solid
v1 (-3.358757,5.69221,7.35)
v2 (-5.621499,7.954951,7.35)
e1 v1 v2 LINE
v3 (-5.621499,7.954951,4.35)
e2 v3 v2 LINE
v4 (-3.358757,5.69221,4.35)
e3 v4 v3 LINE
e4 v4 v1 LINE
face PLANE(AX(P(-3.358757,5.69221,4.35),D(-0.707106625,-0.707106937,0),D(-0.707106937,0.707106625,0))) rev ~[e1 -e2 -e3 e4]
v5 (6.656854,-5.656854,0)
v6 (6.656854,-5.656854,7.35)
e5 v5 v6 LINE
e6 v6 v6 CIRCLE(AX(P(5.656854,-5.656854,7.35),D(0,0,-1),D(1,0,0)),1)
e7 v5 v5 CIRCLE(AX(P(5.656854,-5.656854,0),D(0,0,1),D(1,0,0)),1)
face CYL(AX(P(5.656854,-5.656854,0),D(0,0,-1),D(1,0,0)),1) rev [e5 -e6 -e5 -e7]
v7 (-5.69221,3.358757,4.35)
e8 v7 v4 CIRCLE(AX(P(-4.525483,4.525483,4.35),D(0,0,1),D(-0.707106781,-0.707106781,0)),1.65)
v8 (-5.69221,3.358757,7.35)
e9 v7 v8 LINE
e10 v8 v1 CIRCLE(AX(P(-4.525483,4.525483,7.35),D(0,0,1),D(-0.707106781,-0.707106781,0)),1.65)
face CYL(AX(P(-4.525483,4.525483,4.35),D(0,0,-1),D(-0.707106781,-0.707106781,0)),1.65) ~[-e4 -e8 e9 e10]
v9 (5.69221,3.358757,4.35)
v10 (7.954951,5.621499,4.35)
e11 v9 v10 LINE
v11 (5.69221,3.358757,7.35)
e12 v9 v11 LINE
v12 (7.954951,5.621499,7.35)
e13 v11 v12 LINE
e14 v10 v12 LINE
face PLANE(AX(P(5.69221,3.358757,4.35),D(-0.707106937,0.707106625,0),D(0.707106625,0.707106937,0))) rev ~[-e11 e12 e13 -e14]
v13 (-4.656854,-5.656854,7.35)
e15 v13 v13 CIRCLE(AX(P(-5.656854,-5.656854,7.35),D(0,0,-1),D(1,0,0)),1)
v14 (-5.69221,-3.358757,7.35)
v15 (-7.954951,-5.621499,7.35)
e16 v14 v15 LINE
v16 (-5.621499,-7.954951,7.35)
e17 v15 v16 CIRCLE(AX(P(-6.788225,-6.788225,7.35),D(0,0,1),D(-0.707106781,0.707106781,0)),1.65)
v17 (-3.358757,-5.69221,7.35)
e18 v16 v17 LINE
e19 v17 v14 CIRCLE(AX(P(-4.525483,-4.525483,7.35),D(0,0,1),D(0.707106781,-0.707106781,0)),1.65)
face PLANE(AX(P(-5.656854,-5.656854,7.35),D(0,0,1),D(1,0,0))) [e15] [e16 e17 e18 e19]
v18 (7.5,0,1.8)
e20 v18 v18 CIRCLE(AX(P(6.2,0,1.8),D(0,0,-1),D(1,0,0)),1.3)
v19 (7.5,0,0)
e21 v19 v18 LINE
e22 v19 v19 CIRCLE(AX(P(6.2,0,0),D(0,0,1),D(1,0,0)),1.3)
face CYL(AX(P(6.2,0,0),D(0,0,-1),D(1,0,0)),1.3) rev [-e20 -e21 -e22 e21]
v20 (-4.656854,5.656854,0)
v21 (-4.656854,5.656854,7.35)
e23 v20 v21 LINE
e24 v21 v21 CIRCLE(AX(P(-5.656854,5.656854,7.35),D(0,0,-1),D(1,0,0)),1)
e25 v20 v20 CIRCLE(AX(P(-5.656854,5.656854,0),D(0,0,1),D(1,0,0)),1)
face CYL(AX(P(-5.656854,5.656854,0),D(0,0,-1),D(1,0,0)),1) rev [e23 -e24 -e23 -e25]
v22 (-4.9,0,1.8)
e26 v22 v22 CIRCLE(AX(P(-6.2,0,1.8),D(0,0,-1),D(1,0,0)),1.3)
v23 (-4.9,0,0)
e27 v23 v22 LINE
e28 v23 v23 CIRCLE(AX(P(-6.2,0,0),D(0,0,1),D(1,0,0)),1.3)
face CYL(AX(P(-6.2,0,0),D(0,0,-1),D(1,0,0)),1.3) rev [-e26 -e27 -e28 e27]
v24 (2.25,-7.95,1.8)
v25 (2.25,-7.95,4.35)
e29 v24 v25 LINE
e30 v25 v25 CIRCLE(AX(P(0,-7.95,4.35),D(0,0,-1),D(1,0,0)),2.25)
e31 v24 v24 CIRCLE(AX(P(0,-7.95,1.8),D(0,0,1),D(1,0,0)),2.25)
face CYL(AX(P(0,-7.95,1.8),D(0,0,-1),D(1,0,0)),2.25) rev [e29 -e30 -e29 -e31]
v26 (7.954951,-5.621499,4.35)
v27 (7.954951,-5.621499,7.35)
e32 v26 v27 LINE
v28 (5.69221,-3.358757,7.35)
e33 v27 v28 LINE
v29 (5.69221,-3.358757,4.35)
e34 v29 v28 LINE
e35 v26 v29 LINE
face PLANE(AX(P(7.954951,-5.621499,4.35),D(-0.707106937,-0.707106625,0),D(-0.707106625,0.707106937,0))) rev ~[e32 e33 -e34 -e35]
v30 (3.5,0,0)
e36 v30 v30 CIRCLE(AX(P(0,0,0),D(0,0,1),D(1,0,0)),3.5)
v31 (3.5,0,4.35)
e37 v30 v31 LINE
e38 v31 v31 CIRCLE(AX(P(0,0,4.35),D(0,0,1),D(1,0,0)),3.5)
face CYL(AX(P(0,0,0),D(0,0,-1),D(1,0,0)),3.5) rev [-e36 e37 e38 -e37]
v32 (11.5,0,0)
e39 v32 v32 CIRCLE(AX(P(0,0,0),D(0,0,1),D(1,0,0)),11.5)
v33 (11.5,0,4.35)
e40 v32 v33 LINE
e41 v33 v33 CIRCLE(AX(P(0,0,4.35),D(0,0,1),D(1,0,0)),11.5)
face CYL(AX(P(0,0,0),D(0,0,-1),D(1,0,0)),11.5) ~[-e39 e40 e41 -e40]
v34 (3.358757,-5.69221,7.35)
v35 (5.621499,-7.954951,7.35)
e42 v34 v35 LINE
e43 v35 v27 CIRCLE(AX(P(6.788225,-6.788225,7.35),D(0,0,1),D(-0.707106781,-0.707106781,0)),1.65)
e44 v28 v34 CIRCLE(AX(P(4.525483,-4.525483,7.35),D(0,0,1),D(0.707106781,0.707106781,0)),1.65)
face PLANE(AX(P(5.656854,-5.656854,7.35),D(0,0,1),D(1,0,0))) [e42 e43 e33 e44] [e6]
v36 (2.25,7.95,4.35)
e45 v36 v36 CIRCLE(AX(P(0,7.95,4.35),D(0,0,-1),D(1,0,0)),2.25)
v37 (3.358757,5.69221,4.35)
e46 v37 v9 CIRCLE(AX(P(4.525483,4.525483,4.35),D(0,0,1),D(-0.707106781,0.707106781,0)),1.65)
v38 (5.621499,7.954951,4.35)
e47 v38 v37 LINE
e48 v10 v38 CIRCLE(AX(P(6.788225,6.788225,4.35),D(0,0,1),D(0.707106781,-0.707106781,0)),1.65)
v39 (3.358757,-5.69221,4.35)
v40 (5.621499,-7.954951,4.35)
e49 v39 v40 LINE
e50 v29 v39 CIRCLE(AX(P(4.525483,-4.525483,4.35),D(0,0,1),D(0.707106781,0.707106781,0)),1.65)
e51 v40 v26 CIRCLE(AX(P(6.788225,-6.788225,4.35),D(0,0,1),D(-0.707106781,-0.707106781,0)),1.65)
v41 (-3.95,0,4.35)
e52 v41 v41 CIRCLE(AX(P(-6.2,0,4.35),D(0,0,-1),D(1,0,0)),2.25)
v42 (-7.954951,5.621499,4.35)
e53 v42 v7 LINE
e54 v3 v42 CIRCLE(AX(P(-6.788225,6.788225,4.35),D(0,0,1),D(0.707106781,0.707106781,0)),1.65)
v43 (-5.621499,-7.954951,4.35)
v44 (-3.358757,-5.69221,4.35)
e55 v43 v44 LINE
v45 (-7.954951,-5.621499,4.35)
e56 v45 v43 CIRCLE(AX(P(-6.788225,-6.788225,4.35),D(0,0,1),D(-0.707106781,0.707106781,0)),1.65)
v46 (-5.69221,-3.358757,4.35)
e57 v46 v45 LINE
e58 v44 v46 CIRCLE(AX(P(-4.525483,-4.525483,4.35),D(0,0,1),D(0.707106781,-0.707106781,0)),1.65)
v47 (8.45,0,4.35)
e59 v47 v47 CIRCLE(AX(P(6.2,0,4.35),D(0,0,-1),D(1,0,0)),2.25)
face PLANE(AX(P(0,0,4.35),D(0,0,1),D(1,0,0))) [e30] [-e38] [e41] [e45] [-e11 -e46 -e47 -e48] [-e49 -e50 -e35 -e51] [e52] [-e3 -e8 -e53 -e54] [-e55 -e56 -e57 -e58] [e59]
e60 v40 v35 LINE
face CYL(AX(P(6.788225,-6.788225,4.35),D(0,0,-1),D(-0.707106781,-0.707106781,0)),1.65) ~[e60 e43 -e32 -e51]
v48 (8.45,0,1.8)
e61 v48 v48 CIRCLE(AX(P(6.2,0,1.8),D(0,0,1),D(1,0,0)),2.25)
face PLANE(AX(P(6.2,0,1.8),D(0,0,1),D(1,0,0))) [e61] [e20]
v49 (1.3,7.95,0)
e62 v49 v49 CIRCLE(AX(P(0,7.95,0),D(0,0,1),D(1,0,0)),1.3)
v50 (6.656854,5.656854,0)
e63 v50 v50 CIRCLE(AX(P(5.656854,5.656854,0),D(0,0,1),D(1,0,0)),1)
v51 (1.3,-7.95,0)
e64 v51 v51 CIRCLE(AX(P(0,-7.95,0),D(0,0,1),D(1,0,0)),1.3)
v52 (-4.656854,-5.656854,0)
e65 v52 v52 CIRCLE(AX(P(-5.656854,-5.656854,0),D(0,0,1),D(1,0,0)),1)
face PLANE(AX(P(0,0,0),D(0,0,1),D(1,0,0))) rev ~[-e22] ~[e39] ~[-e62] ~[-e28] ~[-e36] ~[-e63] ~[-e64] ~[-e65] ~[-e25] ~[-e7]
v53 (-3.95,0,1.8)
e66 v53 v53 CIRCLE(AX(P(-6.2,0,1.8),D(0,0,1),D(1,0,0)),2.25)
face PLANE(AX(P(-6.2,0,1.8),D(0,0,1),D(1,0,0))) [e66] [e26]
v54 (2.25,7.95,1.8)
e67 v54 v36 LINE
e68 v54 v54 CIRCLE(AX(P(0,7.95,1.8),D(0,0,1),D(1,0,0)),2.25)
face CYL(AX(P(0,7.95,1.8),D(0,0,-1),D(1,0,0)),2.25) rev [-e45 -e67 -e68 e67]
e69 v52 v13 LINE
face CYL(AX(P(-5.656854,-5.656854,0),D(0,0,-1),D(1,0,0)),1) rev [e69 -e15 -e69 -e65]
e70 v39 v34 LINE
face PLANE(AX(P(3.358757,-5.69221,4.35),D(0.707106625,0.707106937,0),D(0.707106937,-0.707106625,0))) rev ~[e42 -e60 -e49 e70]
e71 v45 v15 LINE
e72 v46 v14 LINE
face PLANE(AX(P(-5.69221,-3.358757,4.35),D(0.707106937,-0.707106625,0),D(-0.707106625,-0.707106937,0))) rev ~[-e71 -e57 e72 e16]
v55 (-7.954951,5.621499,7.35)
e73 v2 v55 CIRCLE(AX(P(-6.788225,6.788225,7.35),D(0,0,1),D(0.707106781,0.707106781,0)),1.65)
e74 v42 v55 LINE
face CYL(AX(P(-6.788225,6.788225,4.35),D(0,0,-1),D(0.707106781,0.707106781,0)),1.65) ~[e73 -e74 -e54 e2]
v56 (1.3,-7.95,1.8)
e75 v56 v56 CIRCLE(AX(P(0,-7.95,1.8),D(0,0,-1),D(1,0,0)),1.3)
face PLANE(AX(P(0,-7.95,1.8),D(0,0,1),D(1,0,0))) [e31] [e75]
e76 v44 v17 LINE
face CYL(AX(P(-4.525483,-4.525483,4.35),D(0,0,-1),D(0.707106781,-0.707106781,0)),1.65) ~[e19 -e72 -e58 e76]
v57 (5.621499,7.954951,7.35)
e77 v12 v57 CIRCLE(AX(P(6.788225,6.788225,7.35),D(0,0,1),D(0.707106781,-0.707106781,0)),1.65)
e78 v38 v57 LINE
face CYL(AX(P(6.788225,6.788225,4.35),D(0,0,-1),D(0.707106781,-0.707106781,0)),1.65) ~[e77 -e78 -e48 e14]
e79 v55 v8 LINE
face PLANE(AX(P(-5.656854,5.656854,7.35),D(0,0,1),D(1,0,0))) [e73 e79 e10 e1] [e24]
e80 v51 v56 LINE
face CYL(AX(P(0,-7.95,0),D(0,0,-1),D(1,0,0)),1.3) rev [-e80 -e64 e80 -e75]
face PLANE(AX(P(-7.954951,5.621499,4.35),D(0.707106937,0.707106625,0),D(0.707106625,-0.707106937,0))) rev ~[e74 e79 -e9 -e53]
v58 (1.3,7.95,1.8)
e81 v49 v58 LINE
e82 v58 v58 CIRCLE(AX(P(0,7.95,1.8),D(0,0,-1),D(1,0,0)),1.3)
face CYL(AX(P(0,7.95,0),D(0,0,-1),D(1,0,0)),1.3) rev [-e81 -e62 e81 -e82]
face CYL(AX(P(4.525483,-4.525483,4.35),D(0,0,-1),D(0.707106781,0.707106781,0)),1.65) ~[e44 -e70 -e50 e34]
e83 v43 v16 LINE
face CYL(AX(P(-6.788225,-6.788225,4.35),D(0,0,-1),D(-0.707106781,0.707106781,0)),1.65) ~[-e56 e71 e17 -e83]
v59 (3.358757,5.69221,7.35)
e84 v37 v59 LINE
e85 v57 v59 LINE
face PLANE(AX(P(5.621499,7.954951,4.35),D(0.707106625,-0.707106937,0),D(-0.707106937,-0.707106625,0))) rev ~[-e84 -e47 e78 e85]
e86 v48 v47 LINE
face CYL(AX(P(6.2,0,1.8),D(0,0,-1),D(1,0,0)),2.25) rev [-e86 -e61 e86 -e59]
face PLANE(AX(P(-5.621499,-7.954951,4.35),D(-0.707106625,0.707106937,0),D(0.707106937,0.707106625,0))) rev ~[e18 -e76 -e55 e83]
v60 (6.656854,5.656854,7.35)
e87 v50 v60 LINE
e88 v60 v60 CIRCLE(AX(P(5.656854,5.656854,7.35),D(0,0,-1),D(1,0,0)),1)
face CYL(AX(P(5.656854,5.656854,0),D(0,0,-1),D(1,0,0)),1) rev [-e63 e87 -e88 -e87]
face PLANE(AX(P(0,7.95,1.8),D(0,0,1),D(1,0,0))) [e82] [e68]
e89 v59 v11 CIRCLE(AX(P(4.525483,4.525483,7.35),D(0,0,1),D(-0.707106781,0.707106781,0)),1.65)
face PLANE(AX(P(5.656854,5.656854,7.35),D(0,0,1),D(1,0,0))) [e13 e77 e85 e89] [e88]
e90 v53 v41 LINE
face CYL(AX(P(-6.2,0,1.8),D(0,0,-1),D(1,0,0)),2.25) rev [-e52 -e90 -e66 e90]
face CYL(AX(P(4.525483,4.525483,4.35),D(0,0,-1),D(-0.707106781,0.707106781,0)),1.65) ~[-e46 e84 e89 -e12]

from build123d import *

# Parameters (mm, degrees)
F0_R     = 11.5
F0_R_2   = 1.3
F0_R_3   = 3.5
F1_DEPTH = 4.35
F4_DEPTH = 3
F6_R     = 2.25
F7_DEPTH = 2.6
F8_R     = 1
F9_DEPTH = 8


with BuildPart() as f1:
    # F0 (on Top) → F1 (new body)
    with BuildSketch(Plane.XY):
        Circle(F0_R)
        with Locations((0, -7.95)):
            Circle(F0_R_2, mode=Mode.SUBTRACT)
        with Locations((-6.2, 0)):
            Circle(F0_R_2, mode=Mode.SUBTRACT)
        Circle(F0_R_3, mode=Mode.SUBTRACT)
        with Locations((6.2, 0)):
            Circle(F0_R_2, mode=Mode.SUBTRACT)
        with Locations((0, 7.95)):
            Circle(F0_R_2, mode=Mode.SUBTRACT)
    extrude(amount=F1_DEPTH)

    # F3 (on offset) → F4 (join)
    with BuildSketch(Plane.XY.offset(4.35)):
        with BuildLine():
            ThreePointArc((5.69221, -3.358757), (3.358757, -3.358757), (3.358757, -5.69221))
            Line((3.358757, -5.69221), (5.621499, -7.954951))
            ThreePointArc((5.621499, -7.954951), (7.954951, -7.954951), (7.954951, -5.621499))
            Line((7.954951, -5.621499), (5.69221, -3.358757))
        make_face()
        with BuildLine():
            ThreePointArc((3.358757, 5.69221), (3.358757, 3.358757), (5.69221, 3.358757))
            Line((5.69221, 3.358757), (7.954951, 5.621499))
            ThreePointArc((7.954951, 5.621499), (7.954951, 7.954951), (5.621499, 7.954951))
            Line((5.621499, 7.954951), (3.358757, 5.69221))
        make_face()
        with BuildLine():
            ThreePointArc((-5.69221, 3.358757), (-3.358757, 3.358757), (-3.358757, 5.69221))
            Line((-3.358757, 5.69221), (-5.621499, 7.954951))
            ThreePointArc((-5.621499, 7.954951), (-7.954951, 7.954951), (-7.954951, 5.621499))
            Line((-7.954951, 5.621499), (-5.69221, 3.358757))
        make_face()
        with BuildLine():
            ThreePointArc((-3.358757, -5.69221), (-3.358757, -3.358757), (-5.69221, -3.358757))
            Line((-5.69221, -3.358757), (-7.954951, -5.621499))
            ThreePointArc((-7.954951, -5.621499), (-7.954951, -7.954951), (-5.621499, -7.954951))
            Line((-5.621499, -7.954951), (-3.358757, -5.69221))
        make_face()
    extrude(amount=F4_DEPTH)

    # F6 (on offset) → F7 (cut)
    with BuildSketch(Plane.XY.offset(1.8)):
        with Locations((0, -7.95)):
            Circle(F6_R)
        with Locations((6.2, 0)):
            Circle(F6_R)
        with Locations((0, 7.95)):
            Circle(F6_R)
        with Locations((-6.2, 0)):
            Circle(F6_R)
    extrude(amount=F7_DEPTH, mode=Mode.SUBTRACT)

    # F8 (on Top) → F9 (cut)
    with BuildSketch(Plane.XY):
        with Locations((5.656854, -5.656854)):
            Circle(F8_R)
        with Locations((5.656854, 5.656854)):
            Circle(F8_R)
        with Locations((-5.656854, 5.656854)):
            Circle(F8_R)
        with Locations((-5.656854, -5.656854)):
            Circle(F8_R)
    extrude(amount=F9_DEPTH, mode=Mode.SUBTRACT)


solid = f1.part
